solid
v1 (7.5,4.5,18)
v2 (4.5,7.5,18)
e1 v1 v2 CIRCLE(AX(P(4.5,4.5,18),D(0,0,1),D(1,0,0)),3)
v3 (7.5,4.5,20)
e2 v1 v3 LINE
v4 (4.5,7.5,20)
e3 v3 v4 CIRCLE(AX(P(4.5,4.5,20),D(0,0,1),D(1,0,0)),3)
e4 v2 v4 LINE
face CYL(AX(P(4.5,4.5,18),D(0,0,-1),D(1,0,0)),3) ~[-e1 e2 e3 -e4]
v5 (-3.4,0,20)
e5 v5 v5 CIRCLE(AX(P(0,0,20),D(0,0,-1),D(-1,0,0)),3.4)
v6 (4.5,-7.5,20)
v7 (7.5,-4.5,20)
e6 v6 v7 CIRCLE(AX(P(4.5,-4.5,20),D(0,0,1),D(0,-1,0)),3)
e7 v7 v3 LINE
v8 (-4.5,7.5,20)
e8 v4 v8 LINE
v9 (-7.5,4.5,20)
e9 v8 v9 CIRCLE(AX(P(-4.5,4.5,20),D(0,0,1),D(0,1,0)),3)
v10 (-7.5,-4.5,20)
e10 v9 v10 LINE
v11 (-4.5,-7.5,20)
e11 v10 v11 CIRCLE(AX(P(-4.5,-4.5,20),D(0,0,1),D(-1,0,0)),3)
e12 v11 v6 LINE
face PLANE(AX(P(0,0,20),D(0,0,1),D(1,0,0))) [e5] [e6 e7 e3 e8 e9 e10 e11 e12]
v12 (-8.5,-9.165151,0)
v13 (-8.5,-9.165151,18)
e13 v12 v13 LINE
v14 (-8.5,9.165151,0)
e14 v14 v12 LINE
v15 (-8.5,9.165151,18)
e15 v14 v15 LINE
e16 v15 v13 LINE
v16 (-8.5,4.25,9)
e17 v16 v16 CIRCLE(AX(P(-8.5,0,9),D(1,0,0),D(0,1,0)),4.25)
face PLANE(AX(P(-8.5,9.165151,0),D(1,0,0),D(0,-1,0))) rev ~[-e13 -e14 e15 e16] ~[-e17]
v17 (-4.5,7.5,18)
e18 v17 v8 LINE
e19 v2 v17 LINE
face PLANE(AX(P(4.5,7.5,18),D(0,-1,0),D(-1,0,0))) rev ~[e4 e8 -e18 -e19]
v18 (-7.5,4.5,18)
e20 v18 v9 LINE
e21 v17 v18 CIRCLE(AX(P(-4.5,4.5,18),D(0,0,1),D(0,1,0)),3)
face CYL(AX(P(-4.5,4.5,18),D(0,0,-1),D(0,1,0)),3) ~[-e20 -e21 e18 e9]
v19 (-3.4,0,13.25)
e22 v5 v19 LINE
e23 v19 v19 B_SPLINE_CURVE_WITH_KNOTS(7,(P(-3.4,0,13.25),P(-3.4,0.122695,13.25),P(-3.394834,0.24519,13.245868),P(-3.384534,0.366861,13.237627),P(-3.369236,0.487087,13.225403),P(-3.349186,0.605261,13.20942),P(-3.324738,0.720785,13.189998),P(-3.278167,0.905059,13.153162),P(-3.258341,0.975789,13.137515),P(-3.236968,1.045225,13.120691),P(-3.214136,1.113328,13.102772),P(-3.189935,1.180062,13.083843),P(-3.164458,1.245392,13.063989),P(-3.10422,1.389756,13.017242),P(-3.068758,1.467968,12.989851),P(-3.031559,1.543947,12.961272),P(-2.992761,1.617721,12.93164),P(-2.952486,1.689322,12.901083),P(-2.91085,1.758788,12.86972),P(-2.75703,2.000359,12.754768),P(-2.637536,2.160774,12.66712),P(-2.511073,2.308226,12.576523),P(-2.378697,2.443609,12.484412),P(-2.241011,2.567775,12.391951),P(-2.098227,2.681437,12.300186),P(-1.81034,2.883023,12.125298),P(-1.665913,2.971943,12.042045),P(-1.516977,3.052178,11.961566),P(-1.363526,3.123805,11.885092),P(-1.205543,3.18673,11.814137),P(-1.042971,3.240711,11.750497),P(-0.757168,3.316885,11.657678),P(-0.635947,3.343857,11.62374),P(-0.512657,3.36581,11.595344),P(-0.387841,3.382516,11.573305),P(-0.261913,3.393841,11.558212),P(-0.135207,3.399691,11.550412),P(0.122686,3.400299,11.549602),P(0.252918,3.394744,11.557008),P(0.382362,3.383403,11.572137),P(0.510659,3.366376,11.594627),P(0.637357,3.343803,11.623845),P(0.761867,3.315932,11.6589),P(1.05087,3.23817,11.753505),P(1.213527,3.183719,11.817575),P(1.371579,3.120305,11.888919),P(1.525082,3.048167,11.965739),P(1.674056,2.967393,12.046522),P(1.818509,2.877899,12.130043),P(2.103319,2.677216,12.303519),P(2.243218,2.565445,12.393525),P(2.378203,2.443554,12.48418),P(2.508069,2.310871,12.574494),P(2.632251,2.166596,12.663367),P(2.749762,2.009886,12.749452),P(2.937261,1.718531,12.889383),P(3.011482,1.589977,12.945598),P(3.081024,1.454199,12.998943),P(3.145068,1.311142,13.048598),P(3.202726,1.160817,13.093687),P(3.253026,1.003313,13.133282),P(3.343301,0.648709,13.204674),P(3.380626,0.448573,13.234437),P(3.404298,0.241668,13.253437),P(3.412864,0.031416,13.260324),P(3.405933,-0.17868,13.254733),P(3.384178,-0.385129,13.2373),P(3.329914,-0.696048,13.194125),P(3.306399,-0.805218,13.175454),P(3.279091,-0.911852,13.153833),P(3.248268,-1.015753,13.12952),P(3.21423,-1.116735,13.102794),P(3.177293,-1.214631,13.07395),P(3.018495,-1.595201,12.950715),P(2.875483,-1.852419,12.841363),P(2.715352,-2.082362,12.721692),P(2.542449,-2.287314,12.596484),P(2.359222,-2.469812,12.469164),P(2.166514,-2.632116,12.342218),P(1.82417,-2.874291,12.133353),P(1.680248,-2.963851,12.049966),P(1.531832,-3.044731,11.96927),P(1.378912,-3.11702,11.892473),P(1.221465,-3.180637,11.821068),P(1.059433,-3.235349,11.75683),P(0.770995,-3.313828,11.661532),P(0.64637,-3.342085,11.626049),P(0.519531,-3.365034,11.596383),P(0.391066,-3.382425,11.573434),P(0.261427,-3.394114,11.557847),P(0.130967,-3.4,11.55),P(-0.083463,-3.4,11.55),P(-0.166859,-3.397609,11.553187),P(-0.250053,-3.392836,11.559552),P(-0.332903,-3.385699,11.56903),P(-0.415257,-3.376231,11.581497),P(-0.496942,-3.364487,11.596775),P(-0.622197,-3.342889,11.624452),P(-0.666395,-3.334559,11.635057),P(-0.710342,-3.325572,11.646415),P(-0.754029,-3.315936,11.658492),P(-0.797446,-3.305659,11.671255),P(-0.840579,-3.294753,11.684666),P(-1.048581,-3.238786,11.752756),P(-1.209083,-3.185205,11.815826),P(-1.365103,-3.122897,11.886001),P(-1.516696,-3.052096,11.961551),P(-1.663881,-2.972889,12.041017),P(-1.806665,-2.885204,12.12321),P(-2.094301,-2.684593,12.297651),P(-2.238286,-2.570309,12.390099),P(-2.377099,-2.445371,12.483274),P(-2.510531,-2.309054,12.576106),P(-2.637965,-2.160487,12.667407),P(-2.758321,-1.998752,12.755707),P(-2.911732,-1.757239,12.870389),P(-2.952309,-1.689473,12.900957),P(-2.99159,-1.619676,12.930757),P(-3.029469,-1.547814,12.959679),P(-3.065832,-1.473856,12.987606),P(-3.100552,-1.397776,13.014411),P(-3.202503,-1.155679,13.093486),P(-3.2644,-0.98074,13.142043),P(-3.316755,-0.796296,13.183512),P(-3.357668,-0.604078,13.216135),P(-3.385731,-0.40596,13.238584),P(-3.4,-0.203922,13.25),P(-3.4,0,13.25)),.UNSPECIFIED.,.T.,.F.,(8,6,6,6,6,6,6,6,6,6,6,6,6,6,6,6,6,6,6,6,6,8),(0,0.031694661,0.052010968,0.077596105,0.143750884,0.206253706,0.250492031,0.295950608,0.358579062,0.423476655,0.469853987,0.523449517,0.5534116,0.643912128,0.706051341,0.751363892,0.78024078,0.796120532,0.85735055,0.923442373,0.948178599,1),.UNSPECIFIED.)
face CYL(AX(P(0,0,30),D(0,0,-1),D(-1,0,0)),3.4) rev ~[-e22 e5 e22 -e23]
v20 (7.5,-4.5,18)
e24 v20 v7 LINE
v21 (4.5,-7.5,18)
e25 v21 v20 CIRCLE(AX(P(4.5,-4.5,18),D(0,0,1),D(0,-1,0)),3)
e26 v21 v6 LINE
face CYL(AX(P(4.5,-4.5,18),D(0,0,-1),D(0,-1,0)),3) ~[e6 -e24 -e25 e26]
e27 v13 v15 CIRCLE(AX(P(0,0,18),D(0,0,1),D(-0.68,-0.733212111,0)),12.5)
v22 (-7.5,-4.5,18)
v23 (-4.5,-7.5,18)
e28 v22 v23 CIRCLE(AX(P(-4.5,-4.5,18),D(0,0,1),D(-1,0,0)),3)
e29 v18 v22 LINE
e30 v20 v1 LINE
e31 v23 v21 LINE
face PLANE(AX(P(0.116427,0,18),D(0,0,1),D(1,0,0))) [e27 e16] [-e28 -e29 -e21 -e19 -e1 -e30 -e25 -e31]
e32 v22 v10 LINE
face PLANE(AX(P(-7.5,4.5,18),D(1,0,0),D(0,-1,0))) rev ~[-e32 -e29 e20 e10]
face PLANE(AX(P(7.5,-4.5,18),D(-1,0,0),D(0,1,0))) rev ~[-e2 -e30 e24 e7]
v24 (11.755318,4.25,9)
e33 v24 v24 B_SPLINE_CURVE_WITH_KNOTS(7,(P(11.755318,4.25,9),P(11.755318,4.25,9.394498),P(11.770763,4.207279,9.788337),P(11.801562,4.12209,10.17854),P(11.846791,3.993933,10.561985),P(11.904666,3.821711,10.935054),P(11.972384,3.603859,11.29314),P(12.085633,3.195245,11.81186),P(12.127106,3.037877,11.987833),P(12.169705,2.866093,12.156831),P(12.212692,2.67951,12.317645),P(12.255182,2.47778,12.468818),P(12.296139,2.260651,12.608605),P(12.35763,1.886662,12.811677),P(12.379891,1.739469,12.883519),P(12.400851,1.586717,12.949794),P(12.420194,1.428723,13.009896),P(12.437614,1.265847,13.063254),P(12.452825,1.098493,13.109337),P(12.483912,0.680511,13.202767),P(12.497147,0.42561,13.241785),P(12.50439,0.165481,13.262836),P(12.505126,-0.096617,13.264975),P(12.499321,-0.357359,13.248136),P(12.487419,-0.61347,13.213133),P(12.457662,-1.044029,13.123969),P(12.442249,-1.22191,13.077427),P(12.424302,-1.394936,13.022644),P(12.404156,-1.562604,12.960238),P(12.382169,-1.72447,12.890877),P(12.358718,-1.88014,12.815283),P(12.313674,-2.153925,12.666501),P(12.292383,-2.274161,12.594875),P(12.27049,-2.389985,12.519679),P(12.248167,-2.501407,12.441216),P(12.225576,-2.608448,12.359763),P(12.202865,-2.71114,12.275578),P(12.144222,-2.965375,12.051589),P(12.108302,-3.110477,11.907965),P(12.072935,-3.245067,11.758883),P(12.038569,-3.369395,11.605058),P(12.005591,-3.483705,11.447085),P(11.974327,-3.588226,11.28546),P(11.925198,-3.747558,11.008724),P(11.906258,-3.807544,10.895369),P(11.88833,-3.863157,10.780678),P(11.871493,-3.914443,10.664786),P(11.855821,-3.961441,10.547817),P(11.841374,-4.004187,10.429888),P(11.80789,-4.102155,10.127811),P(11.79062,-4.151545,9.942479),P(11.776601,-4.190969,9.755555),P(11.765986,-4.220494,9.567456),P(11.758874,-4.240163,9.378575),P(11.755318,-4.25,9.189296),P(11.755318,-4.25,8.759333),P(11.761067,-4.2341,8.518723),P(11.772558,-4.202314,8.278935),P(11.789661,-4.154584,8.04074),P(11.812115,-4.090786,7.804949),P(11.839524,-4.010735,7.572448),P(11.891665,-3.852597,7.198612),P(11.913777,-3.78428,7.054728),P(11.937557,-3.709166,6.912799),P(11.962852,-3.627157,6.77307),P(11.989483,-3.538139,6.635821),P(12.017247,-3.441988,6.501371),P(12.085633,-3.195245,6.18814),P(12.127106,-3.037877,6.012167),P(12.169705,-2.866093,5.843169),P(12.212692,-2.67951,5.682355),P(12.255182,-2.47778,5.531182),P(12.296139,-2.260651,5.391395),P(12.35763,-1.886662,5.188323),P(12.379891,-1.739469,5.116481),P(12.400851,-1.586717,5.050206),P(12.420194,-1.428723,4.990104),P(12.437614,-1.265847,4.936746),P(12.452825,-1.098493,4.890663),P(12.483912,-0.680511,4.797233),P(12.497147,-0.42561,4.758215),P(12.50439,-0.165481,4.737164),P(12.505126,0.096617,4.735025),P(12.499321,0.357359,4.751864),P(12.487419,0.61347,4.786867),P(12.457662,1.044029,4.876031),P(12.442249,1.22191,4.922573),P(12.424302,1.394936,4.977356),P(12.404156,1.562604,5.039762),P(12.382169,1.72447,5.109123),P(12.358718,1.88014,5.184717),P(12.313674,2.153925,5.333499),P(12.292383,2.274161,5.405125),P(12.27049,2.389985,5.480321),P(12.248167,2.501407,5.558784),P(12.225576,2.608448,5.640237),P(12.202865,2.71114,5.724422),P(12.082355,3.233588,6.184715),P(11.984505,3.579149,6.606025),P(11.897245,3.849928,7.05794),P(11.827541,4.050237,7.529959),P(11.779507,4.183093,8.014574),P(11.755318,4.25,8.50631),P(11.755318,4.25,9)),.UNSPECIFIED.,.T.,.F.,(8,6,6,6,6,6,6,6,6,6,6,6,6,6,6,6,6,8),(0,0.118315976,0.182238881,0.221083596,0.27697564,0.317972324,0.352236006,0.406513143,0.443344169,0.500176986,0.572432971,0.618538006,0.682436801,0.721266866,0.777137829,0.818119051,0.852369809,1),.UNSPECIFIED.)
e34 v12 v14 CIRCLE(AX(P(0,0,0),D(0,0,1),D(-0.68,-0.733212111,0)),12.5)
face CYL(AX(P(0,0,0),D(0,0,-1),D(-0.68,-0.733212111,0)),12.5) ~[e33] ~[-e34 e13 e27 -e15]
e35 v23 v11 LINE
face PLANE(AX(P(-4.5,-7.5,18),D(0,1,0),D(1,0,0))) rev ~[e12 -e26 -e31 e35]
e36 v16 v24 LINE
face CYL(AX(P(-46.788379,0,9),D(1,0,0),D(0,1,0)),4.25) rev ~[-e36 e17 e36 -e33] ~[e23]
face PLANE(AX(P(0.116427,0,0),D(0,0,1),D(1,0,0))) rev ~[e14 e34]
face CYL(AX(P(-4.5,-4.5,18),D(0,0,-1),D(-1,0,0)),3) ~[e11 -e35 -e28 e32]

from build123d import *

# Parameters (mm, degrees)
F1_DEPTH = 18
F3_DEPTH = 2
F6_D     = 8.5
F7_D     = 6.8
F7_DEPTH = 10
F7_TIP   = 2.0429261047


with BuildPart() as f1:
    # F0 (on Top) → F1 (new body)
    with BuildSketch(Plane.XY):
        with BuildLine():
            Line((-8.5, 9.1651513899), (-8.5, -9.1651513899))
            ThreePointArc((-8.5, -9.1651513899), (12.5, 0), (-8.5, 9.1651513899))
        make_face()
    extrude(amount=F1_DEPTH)

    # F2 (on face) → F3 (join)
    with BuildSketch(Plane.XY.offset(18)):
        with BuildLine():
            Line((-4.5, -7.5), (4.5, -7.5))
            ThreePointArc((4.5, -7.5), (6.6213203436, -6.6213203436), (7.5, -4.5))
            Line((7.5, -4.5), (7.5, 4.5))
            ThreePointArc((7.5, 4.5), (6.6213203436, 6.6213203436), (4.5, 7.5))
            Line((4.5, 7.5), (-4.5, 7.5))
            ThreePointArc((-4.5, 7.5), (-6.6213203436, 6.6213203436), (-7.5, 4.5))
            Line((-7.5, 4.5), (-7.5, -4.5))
            ThreePointArc((-7.5, -4.5), (-6.6213203436, -6.6213203436), (-4.5, -7.5))
        make_face()
    extrude(amount=F3_DEPTH)

    # F6 (through all)
    with Locations(Plane(origin=(-8.5, 0, 0), x_dir=(0, -1, 0), z_dir=(-1, 0, 0))):
        with Locations((0, 9)):
            Hole(F6_D / 2)

    # F7
    with Locations(Plane.XY.offset(20)):
        with Locations((0, 0)):
            Hole(F7_D / 2, depth=F7_DEPTH)
            with Locations((0, 0, -(F7_DEPTH + F7_TIP / 2))):  # 118° drill point
                Cone(0, F7_D / 2, F7_TIP, mode=Mode.SUBTRACT)


solid = f1.part
